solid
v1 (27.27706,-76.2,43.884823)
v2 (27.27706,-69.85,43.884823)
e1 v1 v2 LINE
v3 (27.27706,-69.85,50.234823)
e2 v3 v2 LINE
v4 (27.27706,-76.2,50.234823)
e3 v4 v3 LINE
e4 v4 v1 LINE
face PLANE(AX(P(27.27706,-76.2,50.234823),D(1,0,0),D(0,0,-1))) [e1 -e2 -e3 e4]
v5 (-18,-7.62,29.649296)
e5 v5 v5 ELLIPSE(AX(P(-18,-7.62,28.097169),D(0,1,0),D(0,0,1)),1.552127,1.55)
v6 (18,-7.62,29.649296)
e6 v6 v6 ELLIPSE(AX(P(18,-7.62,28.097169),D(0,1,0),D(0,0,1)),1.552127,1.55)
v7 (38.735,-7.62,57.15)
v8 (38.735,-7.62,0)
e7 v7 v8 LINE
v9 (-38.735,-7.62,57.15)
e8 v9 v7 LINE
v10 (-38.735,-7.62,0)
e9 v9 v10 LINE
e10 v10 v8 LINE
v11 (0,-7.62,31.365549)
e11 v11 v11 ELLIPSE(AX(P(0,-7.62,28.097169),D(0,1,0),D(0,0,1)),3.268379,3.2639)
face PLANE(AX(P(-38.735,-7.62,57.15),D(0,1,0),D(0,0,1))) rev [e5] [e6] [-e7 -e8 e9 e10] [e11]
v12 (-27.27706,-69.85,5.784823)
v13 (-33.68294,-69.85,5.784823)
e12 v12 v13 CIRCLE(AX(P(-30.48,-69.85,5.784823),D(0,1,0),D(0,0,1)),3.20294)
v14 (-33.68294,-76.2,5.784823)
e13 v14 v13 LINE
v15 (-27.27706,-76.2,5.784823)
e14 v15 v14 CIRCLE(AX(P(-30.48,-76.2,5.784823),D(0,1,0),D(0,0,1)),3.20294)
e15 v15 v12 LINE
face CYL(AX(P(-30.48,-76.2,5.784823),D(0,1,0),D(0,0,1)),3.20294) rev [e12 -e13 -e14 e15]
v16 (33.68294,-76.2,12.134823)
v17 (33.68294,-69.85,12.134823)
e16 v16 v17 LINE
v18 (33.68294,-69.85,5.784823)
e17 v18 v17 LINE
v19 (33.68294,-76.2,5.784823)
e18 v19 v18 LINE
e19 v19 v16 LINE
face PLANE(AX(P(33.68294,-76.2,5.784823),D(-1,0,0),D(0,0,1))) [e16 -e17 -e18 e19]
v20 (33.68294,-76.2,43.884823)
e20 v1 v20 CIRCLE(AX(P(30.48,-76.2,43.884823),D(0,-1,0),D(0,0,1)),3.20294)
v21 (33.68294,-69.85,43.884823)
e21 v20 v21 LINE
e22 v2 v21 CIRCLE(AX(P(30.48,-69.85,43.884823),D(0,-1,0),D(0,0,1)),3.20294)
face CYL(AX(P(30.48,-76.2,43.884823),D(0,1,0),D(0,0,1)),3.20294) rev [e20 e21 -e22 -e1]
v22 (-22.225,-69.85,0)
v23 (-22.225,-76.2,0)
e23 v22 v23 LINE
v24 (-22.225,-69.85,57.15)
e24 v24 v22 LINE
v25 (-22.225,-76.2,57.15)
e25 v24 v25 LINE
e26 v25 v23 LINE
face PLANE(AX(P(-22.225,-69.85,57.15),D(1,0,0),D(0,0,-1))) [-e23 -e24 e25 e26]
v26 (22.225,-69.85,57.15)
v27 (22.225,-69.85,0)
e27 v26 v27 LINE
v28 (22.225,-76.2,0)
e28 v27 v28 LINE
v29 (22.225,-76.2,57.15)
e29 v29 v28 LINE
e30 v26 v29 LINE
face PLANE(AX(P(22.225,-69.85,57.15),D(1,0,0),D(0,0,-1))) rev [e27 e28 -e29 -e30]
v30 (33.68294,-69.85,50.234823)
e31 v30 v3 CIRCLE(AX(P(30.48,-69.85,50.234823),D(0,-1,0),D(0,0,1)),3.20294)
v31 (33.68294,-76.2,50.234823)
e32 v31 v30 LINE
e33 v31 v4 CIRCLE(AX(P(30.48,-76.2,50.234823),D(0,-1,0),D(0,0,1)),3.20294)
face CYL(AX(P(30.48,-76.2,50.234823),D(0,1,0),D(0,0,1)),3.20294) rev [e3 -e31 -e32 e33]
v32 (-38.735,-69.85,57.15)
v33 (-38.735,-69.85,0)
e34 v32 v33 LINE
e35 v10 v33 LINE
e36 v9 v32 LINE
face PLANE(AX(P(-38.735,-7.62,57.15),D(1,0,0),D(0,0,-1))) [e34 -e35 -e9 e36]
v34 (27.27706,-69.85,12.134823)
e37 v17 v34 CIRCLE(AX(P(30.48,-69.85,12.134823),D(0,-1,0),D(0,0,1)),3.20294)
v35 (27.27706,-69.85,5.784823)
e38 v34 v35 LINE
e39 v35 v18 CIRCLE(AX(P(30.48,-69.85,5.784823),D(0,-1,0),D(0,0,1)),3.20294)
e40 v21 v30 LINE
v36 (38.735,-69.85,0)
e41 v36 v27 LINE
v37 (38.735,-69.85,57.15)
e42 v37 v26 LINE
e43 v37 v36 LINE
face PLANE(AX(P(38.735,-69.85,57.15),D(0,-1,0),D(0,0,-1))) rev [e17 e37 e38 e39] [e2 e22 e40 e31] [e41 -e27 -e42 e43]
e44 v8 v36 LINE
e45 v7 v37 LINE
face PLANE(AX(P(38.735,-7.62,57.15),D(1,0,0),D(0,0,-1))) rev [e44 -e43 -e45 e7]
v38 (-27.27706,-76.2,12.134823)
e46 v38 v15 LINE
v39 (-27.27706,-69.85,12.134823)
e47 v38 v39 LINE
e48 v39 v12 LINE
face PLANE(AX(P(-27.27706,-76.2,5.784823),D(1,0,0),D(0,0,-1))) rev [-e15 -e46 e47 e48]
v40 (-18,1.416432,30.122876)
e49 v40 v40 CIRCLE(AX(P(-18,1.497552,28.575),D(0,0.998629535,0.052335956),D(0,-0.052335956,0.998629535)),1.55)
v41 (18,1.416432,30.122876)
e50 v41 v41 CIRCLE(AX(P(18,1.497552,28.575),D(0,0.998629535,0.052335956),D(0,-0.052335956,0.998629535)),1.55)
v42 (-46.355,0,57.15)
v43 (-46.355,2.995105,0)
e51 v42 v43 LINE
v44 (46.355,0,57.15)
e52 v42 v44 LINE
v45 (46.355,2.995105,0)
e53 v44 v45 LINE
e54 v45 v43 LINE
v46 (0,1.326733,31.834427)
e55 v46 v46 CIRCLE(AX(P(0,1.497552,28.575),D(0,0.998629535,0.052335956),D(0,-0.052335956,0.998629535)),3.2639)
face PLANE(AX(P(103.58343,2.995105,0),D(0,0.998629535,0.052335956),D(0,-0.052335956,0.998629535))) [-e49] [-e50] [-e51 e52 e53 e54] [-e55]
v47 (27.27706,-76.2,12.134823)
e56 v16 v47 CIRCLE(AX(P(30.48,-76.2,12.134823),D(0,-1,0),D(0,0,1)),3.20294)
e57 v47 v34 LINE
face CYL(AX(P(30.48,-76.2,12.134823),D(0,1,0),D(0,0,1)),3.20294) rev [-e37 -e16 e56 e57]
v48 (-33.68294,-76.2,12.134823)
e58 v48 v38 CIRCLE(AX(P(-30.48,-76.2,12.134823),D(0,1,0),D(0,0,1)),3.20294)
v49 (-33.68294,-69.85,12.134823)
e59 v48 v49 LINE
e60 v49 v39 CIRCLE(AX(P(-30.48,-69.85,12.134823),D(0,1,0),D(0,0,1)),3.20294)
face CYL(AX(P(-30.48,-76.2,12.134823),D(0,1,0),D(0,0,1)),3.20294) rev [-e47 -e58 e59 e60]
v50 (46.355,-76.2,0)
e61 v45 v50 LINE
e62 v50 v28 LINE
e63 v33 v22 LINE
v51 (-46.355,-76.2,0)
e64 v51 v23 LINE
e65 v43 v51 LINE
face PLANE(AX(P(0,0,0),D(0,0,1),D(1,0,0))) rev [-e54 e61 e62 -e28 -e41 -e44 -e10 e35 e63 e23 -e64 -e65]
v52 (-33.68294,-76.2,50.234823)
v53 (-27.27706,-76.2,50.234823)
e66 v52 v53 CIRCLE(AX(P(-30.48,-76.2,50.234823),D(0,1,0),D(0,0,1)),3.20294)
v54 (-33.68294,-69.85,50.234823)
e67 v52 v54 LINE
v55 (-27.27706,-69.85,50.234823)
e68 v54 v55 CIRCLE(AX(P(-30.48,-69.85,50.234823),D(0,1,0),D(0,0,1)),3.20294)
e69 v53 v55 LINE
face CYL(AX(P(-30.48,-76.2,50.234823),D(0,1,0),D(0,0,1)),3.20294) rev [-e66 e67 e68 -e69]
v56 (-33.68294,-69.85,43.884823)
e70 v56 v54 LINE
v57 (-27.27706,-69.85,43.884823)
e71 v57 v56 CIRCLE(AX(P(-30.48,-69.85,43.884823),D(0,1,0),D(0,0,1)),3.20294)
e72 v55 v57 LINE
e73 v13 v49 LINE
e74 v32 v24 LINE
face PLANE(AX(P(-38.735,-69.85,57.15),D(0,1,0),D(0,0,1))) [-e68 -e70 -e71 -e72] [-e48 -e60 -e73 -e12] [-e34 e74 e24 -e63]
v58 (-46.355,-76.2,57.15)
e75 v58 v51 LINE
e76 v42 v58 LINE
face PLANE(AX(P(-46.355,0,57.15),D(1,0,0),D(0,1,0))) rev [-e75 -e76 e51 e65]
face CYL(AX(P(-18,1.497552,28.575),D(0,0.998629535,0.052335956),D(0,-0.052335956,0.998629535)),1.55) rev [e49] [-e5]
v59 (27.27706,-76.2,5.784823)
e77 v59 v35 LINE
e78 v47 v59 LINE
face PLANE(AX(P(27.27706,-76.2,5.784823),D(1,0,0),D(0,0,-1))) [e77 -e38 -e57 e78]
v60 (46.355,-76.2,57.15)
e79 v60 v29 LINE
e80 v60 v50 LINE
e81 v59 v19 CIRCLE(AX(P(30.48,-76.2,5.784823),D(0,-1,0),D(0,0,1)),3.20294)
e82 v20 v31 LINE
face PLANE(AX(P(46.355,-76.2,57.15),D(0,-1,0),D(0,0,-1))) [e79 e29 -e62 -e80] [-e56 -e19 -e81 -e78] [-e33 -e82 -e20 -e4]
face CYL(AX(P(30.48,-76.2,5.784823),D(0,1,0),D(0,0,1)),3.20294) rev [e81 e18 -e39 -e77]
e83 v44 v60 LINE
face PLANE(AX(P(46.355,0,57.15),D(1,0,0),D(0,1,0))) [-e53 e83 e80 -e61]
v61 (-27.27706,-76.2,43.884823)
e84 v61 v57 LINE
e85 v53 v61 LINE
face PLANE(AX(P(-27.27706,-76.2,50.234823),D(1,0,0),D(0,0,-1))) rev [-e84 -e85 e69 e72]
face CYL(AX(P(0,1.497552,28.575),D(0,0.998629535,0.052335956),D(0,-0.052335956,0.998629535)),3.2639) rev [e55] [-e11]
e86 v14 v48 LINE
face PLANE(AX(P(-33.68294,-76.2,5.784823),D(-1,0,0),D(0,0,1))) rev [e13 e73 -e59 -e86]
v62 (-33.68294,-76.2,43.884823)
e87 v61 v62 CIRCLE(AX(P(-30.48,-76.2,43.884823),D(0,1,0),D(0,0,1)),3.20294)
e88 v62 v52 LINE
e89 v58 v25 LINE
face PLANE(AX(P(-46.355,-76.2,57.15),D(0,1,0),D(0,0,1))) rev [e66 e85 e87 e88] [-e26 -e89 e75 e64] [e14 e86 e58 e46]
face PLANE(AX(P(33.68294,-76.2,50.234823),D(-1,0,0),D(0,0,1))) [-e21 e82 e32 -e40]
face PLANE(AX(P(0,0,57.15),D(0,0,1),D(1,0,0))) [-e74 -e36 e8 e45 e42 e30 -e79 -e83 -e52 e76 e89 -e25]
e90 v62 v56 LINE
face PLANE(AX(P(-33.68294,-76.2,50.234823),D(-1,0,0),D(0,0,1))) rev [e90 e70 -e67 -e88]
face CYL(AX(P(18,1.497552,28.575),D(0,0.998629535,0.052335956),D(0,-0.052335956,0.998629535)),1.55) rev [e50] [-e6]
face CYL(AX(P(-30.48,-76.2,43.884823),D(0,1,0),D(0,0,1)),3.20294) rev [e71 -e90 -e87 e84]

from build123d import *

# Parameters (mm, degrees)
BOSS_EXTRUDE1_DEPTH      = 57.15
CUT_EXTRUDE1_DEPTH       = 102.459011551
BOSS_EXTRUDE2_DEPTH      = 92.71
F_0_257_DIAMETER_HOLE1_D = 6.5278
F_3_0MM_DOWEL_HOLE1_D    = 3.1


with BuildPart() as part:
    # Sketch2 → Boss-Extrude1 (new body)
    with BuildSketch(Plane.XY):
        Polygon((-46.355, 0), (46.355, 0), (46.355, -76.2), (22.225, -76.2), (22.225, -69.85), (38.735, -69.85), (38.735, -7.62), (-38.735, -7.62), (-38.735, -69.85), (-22.225, -69.85), (-22.225, -76.2), (-46.355, -76.2), align=None)
    extrude(amount=BOSS_EXTRUDE1_DEPTH)

    # Sketch3 → Cut-Extrude1 (cut, through all)
    with BuildSketch(Plane(origin=(0, -69.85, 0), x_dir=(1, 0, 0), z_dir=(0, 1, 0))):
        with BuildLine():
            Line((-27.27706, -5.784822778), (-27.27706, -12.134822778))
            ThreePointArc((-27.27706, -12.134822778), (-30.48, -15.337762778), (-33.68294, -12.134822778))
            Line((-33.68294, -12.134822778), (-33.68294, -5.784822778))
            ThreePointArc((-33.68294, -5.784822778), (-30.48, -2.581882778), (-27.27706, -5.784822778))
        make_face()
        with BuildLine():
            Line((-33.68294, -50.234822778), (-33.68294, -43.884822778))
            ThreePointArc((-33.68294, -43.884822778), (-30.48, -40.681882778), (-27.27706, -43.884822778))
            Line((-27.27706, -43.884822778), (-27.27706, -50.234822778))
            ThreePointArc((-27.27706, -50.234822778), (-30.48, -53.437762778), (-33.68294, -50.234822778))
        make_face()
    cut_extrude1 = extrude(amount=-CUT_EXTRUDE1_DEPTH, mode=Mode.SUBTRACT)

    # Mirror1: Cut-Extrude1 across plane
    add(cut_extrude1.mirror(Plane(origin=(0, 0, 0), x_dir=(0, 0, 1), z_dir=(1, 0, 0))), mode=Mode.SUBTRACT)

    # Sketch4 → Boss-Extrude2 (add)
    with BuildSketch(Plane.ZY.offset(46.355)):
        Polygon((57.15, 0), (0, 0), (0, 2.995104586), align=None)
    extrude(amount=-BOSS_EXTRUDE2_DEPTH)

    # F (0.257) Diameter Hole1 (through all)
    with Locations(Plane(origin=(0, 2.986900838, 0.15653684), x_dir=(1, 0, 0), z_dir=(0, 0.9986295347545744, 0.052335956242936806))):
        with Locations((0, -28.457463124)):
            Hole(F_0_257_DIAMETER_HOLE1_D / 2)

    # Ø3.0mm Dowel Hole1 (through all)
    with Locations(Plane(origin=(0, 2.986900838, 0.15653684), x_dir=(1, 0, 0), z_dir=(0, 0.9986295347545744, 0.052335956242936806))):
        with Locations((-18, -28.457463124), (18, -28.457463124)):
            Hole(F_3_0MM_DOWEL_HOLE1_D / 2)


solid = part.part
